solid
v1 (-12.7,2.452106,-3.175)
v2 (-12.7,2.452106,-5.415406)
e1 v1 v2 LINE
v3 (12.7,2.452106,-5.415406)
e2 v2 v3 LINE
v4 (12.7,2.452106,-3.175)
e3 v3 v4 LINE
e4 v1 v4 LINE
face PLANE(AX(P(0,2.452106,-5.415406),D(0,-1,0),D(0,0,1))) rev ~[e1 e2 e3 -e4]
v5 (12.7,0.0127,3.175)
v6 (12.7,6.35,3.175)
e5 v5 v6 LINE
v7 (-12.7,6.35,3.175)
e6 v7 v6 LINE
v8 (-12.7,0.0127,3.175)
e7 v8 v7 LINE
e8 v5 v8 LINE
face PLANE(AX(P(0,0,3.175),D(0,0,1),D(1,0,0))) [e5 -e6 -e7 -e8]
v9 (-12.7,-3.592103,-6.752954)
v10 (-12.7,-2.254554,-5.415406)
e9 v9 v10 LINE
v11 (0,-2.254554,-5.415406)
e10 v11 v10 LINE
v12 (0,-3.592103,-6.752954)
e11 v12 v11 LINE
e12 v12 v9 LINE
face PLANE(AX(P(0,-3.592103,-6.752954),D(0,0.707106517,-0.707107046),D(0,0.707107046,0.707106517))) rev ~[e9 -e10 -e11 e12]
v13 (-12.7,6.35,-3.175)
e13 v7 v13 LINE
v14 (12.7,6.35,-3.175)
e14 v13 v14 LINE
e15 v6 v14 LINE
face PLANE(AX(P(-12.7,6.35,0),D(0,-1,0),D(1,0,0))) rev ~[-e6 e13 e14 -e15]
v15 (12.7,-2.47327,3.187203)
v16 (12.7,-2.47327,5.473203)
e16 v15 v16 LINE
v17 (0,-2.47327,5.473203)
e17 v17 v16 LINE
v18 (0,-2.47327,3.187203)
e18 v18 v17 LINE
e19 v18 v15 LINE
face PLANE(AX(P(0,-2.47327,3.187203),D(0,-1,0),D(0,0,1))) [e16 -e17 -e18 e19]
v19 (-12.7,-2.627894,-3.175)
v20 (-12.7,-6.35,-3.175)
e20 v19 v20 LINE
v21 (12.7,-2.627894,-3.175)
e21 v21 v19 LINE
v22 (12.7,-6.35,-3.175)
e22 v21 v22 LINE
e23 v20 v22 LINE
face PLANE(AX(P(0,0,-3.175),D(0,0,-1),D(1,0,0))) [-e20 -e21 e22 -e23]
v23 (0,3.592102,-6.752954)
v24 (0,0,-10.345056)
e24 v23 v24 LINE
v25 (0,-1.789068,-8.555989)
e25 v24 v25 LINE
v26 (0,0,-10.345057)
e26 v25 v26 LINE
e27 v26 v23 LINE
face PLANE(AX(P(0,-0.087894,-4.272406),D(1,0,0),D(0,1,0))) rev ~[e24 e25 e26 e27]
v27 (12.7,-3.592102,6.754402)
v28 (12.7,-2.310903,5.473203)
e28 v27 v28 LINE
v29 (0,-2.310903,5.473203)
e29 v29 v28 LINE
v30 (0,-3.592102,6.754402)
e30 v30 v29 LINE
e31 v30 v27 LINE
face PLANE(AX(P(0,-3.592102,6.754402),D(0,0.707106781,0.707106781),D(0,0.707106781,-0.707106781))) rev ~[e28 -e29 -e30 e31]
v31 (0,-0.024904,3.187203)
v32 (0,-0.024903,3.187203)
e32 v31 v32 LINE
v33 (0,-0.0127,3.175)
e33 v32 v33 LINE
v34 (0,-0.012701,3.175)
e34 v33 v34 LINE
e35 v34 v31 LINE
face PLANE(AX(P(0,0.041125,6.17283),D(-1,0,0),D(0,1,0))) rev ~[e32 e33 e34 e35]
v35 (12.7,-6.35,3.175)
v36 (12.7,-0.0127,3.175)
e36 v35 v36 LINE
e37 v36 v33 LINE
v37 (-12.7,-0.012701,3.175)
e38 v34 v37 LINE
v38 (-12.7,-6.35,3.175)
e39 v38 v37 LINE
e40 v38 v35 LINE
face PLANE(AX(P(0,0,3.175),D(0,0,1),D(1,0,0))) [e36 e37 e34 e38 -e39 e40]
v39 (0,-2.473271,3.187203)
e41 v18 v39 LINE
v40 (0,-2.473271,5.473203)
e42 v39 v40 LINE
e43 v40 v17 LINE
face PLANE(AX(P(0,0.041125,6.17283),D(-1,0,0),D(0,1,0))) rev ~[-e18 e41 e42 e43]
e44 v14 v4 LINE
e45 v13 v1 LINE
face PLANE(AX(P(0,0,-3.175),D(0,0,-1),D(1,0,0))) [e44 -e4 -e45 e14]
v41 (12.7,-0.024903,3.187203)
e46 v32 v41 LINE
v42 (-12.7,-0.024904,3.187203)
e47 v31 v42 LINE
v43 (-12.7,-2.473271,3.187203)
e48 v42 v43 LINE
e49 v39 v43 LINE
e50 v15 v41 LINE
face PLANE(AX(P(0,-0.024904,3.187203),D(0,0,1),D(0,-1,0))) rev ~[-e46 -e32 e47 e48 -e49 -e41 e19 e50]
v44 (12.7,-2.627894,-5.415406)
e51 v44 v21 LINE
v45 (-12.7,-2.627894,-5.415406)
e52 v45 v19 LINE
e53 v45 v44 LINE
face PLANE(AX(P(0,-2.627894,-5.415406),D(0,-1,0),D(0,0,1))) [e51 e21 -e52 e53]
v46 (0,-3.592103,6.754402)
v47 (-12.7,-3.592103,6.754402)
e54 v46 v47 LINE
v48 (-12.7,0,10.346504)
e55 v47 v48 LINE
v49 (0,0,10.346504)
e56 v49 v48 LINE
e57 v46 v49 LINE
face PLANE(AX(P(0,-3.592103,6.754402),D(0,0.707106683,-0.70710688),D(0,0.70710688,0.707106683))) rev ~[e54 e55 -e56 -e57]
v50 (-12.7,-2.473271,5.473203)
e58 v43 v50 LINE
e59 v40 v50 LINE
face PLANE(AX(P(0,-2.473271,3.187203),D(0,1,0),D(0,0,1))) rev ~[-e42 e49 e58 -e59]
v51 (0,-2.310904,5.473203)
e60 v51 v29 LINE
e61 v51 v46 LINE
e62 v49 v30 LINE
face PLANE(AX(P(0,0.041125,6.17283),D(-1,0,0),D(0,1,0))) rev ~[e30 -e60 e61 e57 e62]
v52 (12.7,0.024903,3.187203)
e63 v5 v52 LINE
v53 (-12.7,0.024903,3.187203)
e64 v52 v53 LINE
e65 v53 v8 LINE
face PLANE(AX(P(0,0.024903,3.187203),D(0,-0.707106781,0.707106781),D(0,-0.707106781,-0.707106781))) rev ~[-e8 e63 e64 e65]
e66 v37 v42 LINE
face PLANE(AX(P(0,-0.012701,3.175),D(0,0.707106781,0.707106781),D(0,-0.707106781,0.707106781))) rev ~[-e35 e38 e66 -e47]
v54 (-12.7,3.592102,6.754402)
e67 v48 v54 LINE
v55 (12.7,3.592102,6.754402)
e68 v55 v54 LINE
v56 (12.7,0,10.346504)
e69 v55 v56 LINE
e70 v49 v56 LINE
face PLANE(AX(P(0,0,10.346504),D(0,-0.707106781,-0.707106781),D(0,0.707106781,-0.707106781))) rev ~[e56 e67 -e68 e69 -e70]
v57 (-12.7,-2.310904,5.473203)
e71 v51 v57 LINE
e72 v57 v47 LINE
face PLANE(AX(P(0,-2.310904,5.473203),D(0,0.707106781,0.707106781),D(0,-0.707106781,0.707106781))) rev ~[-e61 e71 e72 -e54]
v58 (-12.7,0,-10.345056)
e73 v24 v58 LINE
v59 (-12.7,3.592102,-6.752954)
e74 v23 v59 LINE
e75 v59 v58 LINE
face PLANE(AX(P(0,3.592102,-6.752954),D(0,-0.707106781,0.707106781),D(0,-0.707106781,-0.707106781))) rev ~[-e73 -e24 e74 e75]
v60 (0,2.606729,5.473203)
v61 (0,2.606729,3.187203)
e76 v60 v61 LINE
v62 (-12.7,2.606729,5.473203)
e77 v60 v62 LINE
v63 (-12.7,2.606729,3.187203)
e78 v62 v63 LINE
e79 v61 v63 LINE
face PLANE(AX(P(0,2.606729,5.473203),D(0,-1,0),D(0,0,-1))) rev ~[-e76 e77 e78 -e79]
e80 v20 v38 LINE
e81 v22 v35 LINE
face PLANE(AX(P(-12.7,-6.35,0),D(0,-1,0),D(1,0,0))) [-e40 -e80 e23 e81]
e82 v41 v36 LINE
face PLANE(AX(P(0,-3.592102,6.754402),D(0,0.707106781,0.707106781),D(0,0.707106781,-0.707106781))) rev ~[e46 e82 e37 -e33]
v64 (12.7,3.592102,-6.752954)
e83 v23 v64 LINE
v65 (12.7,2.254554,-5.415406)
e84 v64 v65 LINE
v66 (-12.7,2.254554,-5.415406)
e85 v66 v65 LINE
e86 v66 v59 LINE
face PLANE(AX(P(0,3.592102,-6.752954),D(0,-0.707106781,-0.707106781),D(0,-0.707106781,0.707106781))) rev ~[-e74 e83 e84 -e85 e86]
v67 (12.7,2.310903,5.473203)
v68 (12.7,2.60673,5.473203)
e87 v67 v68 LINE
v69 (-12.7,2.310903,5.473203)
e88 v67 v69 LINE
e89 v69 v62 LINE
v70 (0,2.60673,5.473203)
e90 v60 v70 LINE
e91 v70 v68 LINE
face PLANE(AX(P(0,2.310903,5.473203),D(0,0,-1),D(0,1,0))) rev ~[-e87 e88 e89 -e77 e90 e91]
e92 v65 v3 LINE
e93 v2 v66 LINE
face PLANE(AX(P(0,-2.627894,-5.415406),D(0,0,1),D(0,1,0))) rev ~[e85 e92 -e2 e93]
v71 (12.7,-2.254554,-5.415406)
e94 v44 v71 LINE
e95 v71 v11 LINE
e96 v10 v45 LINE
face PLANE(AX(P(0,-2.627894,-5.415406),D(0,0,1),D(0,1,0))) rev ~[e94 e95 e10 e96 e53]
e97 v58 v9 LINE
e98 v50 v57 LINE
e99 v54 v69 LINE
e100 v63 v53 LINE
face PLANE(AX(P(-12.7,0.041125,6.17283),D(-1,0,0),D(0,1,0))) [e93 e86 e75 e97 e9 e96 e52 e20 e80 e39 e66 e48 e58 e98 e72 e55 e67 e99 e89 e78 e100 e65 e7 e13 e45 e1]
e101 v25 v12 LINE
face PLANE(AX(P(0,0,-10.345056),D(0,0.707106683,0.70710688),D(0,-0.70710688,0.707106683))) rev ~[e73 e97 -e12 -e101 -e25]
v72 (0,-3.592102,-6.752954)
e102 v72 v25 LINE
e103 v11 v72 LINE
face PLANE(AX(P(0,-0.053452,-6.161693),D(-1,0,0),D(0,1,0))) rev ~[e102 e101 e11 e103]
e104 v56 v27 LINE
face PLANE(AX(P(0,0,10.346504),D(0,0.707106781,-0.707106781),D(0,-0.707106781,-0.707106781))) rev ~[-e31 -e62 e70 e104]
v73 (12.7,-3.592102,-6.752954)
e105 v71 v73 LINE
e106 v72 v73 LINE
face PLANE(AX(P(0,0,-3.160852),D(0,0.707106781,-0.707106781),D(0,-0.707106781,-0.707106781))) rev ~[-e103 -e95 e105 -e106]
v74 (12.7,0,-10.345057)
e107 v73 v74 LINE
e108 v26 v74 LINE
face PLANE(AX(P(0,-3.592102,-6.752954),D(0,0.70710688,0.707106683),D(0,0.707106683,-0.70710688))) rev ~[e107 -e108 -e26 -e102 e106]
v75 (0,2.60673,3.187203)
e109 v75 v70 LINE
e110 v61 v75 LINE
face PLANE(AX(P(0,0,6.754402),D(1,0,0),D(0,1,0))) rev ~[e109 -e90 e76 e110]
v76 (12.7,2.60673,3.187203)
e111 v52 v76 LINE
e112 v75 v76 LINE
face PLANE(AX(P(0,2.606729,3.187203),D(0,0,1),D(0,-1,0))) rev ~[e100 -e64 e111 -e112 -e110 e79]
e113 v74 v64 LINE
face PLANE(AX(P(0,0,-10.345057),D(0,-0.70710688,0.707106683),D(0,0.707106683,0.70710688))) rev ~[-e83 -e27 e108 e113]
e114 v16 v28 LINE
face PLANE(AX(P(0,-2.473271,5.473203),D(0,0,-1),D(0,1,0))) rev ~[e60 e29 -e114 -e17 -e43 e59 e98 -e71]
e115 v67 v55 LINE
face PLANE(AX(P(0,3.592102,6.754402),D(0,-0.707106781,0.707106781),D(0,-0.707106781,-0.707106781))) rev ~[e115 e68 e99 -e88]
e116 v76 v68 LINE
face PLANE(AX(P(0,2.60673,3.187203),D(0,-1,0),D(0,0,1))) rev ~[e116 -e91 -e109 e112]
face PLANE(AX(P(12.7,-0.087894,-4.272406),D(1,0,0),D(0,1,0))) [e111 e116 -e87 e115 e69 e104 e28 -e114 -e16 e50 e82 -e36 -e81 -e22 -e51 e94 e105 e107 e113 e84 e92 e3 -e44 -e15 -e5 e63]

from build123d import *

# Parameters (mm, degrees)
F0_W      = 25.4
F0_H      = 12.7
F3_DEPTH  = 3.175
F3_FACE_W = 25.4
F3_FACE_H = 12.7
F4_DEPTH  = 3.175
F5_W      = 5.08
F5_H      = 2.286
F7_DEPTH  = 12.7
F6_W      = 5.08
F6_H      = 2.286
F8_DEPTH  = 12.7
F9_DEPTH  = 12.7


with BuildPart() as f3:
    # F0 (on Top) → F3 (new body)
    with BuildSketch(Plane.XY):
        Rectangle(F0_W, F0_H)
    extrude(amount=F3_DEPTH)

    # F3_face (on face) → F4 (join)
    with BuildSketch(Plane(origin=(0, 0, 0), x_dir=(1, 0, 0), z_dir=(0, 0, -1))):
        Rectangle(F3_FACE_W, F3_FACE_H)
    extrude(amount=F4_DEPTH)

    # F1 (on Right) + F5 (on Right) → F7 (join)
    with BuildSketch(Plane.YZ):
        Polygon((3.592102, 6.754402), (0, 10.346504), (-3.592102, 6.754402), (0, 3.1623), align=None)
    with BuildSketch(Plane.YZ):
        with Locations((0.06673, 4.330203)):
            Rectangle(F5_W, F5_H)
    extrude(amount=F7_DEPTH)

    # F6 (on Right) + F2 (on Right) → F8 (join)
    with BuildSketch(Plane.YZ):
        with Locations((-0.087894, -4.272406)):
            Rectangle(F6_W, F6_H)
    with BuildSketch(Plane.YZ):
        Polygon((0, -10.345057), (3.592102, -6.752954), (0, -3.160852), (-3.592102, -6.752954), align=None)
    extrude(amount=F8_DEPTH)

    # F7_face (on face) + F8_face (on face) → F9 (join)
    with BuildSketch(Plane(origin=(0, 0.024156, 6.218296), x_dir=(0, 1, 0), z_dir=(-1, 0, 0))):
        Polygon((-0.04906, 3.031093), (-2.497427, 3.031093), (-2.497427, 0.745093), (-2.33506, 0.745093), (-3.616259, -0.536106), (-0.024156, -4.128208), (3.567946, -0.536106), (2.286747, 0.745093), (2.582573, 0.745093), (2.582573, 3.031093), (0.000747, 3.031093), (-0.011456, 3.043296), (-0.036857, 3.043296), align=None)
    with BuildSketch(Plane(origin=(0, -0.031159, -6.212423), x_dir=(0, 1, 0), z_dir=(-1, 0, 0))):
        Polygon((-2.596735, -3.037423), (2.483265, -3.037423), (2.483265, -0.797017), (2.285713, -0.797017), (3.623261, 0.540531), (0.031159, 4.132633), (-3.560944, 0.540531), (-2.223395, -0.797017), (-2.596735, -0.797017), align=None)
    extrude(amount=F9_DEPTH)


solid = f3.part
